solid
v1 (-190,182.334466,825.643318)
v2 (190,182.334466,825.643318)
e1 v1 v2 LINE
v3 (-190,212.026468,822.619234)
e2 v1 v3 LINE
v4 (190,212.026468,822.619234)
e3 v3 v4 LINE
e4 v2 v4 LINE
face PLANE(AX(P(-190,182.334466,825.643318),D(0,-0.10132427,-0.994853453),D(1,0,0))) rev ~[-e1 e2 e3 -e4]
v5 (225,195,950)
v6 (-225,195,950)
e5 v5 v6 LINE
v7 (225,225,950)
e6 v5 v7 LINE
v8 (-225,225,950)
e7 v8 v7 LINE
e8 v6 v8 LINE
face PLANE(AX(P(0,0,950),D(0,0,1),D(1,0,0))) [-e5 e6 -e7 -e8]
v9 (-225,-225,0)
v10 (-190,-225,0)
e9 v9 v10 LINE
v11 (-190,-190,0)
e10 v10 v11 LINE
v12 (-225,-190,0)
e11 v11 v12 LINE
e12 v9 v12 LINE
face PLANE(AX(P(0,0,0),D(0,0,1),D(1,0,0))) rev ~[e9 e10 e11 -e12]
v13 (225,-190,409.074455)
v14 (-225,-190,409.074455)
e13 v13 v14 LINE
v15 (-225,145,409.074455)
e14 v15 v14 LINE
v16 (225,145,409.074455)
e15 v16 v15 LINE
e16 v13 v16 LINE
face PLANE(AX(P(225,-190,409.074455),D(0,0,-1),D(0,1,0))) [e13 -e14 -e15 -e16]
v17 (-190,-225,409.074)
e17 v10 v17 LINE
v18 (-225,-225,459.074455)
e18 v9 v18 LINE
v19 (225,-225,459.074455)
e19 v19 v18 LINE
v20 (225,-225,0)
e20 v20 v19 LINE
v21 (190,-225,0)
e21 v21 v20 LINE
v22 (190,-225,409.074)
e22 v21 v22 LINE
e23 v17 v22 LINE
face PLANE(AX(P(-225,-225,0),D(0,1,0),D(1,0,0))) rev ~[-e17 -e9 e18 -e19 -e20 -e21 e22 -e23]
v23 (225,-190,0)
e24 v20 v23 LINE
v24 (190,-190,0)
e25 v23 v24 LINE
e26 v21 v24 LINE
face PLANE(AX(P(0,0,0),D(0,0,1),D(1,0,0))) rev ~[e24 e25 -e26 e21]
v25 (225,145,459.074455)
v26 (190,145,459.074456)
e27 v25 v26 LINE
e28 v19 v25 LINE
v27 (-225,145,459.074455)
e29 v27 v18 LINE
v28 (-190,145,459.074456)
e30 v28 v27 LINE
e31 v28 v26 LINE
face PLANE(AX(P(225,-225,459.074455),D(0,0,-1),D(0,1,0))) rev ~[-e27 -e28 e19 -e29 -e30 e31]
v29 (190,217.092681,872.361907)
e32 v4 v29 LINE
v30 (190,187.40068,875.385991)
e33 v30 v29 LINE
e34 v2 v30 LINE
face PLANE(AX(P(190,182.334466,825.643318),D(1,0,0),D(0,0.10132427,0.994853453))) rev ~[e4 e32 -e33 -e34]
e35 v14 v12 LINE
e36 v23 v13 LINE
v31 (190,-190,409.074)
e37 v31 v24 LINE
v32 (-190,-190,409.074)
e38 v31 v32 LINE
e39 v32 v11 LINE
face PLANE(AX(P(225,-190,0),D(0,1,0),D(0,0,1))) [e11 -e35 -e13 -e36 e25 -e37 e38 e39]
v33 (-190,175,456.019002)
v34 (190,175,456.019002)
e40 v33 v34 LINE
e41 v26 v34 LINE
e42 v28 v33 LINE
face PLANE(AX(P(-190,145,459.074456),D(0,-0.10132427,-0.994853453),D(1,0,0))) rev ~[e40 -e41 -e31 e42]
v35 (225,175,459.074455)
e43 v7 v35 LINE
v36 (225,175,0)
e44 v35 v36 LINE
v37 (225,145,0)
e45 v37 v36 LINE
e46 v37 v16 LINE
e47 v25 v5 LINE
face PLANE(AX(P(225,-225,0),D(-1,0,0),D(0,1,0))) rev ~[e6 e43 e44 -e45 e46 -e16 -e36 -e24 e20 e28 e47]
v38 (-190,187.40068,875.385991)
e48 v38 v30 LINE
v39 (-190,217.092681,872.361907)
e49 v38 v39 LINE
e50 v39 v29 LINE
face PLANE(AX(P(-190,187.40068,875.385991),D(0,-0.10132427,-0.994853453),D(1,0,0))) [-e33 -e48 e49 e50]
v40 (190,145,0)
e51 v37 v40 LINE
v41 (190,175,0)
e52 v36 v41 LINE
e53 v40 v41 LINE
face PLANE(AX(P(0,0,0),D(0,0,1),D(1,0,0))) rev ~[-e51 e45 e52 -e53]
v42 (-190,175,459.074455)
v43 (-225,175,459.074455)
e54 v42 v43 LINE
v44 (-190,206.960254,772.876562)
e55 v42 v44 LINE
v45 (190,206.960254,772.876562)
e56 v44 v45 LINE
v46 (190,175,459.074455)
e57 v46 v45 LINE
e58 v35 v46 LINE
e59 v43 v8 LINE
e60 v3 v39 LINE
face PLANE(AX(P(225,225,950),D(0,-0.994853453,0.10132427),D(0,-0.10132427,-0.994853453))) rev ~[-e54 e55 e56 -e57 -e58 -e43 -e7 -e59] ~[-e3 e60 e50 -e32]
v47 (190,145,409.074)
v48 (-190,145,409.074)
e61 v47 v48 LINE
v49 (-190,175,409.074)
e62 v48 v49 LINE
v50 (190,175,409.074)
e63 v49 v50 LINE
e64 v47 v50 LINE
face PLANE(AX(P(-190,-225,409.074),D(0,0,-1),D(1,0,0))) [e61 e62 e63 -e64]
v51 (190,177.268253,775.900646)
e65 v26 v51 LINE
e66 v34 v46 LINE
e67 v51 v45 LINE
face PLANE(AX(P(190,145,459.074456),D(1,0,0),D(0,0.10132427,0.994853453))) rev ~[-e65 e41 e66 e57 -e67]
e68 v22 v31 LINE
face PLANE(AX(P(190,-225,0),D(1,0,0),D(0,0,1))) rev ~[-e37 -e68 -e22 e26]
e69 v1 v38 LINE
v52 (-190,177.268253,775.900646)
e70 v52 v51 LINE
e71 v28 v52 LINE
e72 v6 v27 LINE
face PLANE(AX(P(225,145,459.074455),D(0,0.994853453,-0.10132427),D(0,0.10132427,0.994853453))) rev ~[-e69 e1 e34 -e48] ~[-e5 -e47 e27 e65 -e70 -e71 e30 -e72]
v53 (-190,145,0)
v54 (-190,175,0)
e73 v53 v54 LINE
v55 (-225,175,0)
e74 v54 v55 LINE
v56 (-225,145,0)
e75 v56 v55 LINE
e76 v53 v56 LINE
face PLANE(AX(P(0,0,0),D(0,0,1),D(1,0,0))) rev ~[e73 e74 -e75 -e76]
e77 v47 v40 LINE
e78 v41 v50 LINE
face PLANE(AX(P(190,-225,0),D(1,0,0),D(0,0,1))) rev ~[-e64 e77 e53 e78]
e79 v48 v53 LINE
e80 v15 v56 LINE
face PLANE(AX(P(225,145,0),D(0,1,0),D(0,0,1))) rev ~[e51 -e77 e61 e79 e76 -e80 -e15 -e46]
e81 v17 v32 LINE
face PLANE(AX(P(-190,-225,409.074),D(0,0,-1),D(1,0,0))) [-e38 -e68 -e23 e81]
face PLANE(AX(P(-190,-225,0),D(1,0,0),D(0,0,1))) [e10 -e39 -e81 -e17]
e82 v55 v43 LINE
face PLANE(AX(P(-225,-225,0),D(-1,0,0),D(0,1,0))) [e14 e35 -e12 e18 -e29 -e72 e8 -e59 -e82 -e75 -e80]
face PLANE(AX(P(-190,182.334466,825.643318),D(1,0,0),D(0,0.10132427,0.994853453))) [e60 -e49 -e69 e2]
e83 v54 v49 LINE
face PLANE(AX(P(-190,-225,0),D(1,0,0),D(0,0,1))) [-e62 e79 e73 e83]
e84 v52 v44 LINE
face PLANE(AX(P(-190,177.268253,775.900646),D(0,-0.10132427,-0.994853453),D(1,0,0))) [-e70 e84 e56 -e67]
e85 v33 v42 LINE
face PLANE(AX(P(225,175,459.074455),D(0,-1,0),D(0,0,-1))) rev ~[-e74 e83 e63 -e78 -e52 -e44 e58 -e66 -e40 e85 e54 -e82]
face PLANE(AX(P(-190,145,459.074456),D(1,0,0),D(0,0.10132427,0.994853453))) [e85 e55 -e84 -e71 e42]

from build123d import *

# Parameters (mm, degrees)
F0_W     = 450
F0_H     = 450
F1_DEPTH = 950
F2_W     = 50
F2_H     = 409.0744554996
F2_W_2   = 335
F2_H_2   = 50
F3_DEPTH = 450.001
F4_W     = 380
F4_H     = 409.074
F5_DEPTH = 450.001
F6_W     = 380
F6_H     = 50
F6_H_2   = 318.4651864549
F7_DEPTH = 126.1046604873


with BuildPart() as f1:
    # F0 (on Top) → F1 (new body)
    with BuildSketch(Plane.XY):
        Rectangle(F0_W, F0_H)
    extrude(amount=F1_DEPTH)

    # F2 (on face) → F3 (cut, through all)
    with BuildSketch(Plane.YZ.offset(225)):
        Polygon((225, 950), (175, 459.0744554996), (225, 459.0744554996), align=None)
        Polygon((-225, 950), (-225, 459.0744554996), (145, 459.0744554996), (195, 950), align=None)
        with Locations((200, 204.5372277498)):
            Rectangle(F2_W, F2_H)
        with Locations((-22.5, 204.5372277498)):
            Rectangle(F2_W_2, F2_H)
        with Locations((200, 434.0744554996)):
            Rectangle(F2_W, F2_H_2)
    extrude(amount=-F3_DEPTH, mode=Mode.SUBTRACT)

    # F4 (on face) → F5 (cut, through all)
    with BuildSketch(Plane.XZ.offset(225)):
        with Locations((0, 204.537)):
            Rectangle(F4_W, F4_H)
    extrude(amount=-F5_DEPTH, mode=Mode.SUBTRACT)

    # F6 (on face) → F7 (cut, through all)
    with BuildSketch(Plane(origin=(0, 97.2353512241, -9.903268664), x_dir=(1, 0, 0), z_dir=(0, -0.9948534526, 0.1013242704))):
        with Locations((0, 864.869012738)):
            Rectangle(F6_W, F6_H)
        with Locations((0, 630.6364195106)):
            Rectangle(F6_W, F6_H_2)
    extrude(amount=-F7_DEPTH, mode=Mode.SUBTRACT)


solid = f1.part
